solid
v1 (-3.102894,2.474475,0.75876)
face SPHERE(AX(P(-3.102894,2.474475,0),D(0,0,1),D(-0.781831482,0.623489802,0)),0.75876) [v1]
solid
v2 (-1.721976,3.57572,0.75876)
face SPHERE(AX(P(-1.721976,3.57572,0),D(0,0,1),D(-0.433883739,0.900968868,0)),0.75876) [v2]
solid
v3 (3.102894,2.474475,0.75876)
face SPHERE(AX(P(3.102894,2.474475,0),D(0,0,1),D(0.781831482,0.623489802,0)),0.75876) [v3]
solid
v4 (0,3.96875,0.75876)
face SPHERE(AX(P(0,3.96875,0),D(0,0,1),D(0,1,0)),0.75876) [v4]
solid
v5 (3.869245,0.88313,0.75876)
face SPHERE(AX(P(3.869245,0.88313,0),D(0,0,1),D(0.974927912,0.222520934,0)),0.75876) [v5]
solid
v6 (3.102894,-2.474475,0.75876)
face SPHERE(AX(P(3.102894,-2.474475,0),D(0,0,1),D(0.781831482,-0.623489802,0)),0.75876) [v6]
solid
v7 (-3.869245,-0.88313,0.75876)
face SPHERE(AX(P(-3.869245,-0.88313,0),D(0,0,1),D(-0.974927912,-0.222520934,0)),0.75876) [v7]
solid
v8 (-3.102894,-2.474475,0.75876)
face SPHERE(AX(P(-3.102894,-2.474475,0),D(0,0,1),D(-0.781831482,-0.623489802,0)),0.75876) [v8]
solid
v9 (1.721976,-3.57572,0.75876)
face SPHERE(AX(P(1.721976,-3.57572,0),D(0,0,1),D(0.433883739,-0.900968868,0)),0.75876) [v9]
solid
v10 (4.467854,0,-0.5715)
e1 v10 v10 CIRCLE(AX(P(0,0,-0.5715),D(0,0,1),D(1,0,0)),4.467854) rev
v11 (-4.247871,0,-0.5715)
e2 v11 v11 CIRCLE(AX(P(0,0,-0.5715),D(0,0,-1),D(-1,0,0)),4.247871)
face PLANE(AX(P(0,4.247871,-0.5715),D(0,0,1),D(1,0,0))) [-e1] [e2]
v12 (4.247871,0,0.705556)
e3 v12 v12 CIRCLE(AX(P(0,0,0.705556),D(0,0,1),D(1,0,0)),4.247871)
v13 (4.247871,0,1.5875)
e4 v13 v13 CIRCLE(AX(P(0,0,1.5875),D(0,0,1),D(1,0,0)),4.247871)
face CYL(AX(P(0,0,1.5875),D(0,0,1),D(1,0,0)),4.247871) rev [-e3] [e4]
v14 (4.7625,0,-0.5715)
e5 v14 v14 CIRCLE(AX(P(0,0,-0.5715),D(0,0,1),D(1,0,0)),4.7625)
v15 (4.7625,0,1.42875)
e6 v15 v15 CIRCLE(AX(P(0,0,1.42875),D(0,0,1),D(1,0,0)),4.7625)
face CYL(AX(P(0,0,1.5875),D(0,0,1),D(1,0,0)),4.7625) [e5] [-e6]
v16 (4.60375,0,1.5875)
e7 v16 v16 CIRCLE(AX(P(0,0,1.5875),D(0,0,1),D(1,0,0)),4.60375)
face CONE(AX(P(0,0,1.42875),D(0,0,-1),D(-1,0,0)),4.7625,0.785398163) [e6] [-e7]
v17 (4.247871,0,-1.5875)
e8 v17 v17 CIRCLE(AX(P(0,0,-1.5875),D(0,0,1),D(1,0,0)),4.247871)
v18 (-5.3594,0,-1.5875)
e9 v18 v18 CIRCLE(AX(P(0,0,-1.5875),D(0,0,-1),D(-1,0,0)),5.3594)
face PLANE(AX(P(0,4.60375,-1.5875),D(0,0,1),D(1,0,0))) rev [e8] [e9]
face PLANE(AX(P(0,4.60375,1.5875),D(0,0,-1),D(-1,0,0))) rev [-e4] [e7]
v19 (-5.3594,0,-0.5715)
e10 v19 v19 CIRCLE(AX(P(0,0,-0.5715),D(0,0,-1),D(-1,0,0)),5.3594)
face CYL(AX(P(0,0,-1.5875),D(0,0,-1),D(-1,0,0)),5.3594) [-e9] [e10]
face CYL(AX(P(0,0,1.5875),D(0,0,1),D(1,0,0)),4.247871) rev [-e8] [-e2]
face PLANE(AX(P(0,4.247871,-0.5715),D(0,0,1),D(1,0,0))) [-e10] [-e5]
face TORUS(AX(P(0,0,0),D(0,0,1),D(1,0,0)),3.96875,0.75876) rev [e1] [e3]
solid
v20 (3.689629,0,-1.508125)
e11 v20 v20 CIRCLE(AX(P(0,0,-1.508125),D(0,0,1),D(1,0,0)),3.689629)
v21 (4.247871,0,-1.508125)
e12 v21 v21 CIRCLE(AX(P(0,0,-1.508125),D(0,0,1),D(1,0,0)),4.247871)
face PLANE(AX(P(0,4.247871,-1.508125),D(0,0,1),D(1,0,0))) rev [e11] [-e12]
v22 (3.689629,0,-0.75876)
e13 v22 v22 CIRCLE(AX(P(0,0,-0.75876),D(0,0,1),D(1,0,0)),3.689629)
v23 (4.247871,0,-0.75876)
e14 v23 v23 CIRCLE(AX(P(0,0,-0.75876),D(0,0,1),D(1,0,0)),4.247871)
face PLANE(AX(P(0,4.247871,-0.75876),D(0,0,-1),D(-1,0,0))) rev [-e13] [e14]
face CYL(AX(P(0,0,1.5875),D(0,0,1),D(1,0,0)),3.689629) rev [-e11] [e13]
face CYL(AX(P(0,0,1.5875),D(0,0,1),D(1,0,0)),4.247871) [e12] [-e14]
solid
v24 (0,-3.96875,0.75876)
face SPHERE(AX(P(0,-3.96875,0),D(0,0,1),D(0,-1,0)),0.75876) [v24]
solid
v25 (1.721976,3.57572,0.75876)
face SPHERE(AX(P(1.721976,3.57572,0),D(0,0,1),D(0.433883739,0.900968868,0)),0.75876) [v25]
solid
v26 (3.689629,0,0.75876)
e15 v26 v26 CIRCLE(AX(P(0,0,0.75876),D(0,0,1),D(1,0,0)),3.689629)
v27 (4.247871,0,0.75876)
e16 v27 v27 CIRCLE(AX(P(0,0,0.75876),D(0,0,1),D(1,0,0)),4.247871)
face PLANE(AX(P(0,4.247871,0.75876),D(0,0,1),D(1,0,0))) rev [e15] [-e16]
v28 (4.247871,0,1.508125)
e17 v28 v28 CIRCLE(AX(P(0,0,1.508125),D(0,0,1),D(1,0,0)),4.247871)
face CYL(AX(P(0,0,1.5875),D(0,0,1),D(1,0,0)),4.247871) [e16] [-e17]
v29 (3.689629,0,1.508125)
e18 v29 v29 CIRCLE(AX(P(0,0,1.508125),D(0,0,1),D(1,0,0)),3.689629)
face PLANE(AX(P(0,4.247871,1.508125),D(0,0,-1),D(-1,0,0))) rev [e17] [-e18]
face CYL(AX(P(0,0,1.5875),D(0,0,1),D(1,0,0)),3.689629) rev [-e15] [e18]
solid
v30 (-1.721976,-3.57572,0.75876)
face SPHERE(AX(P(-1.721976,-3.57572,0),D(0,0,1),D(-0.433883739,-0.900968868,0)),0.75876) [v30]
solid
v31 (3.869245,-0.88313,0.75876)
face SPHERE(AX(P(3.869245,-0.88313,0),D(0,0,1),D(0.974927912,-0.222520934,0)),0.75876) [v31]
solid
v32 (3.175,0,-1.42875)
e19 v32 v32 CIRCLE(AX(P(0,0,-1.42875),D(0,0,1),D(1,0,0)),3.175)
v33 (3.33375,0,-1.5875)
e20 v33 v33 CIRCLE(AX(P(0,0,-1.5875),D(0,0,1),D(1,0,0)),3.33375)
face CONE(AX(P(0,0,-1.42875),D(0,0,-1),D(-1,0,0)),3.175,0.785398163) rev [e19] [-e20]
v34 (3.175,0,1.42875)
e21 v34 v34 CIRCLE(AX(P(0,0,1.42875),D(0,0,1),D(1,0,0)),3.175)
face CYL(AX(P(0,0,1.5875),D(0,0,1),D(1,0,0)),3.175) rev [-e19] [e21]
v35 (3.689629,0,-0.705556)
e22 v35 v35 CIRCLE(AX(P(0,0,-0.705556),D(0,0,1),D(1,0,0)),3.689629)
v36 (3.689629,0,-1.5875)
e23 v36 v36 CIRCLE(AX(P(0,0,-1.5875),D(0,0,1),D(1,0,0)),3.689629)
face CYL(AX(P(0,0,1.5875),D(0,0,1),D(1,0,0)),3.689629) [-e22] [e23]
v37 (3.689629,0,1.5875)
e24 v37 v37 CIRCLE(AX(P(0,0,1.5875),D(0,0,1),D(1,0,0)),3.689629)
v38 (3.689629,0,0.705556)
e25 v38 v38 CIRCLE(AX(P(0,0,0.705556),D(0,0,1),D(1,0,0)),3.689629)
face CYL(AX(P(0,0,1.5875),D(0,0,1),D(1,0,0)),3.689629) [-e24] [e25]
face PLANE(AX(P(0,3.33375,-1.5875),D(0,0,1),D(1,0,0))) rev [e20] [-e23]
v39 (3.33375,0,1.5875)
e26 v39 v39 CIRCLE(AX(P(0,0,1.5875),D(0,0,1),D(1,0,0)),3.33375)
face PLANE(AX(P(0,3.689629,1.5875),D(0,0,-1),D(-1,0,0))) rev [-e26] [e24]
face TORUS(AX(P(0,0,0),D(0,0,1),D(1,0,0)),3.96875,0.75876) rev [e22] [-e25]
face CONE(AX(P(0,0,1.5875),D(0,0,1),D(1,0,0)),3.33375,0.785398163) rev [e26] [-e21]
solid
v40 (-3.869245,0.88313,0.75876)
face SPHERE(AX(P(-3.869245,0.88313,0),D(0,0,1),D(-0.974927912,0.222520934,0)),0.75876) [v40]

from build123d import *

# Parameters (mm, degrees)
CIRPATTERN1_COUNT = 14
SKETCH5_W         = 0.749364756
SKETCH5_H         = 0.558241758
SKETCH6_W         = 1.016
SKETCH6_H         = 1.111529121


with BuildPart() as part:
    # Sketch → Revolve1 (revolve)
    with BuildSketch(Plane(origin=(0, 0, 0), x_dir=(0, 0, -1), z_dir=(1, 0, 0))):
        with BuildLine():
            Line((1.42875, 4.7625), (-1.42875, 4.7625))
            Line((-1.42875, 4.7625), (-1.5875, 4.60375))
            Line((-1.5875, 4.60375), (-1.5875, 4.247870879))
            Line((-1.5875, 4.247870879), (-0.705555556, 4.247870879))
            ThreePointArc((-0.705555556, 4.247870879), (0, 4.727510244), (0.705555556, 4.247870879))
            Line((0.705555556, 4.247870879), (1.5875, 4.247870879))
            Line((1.5875, 4.247870879), (1.5875, 4.60375))
            Line((1.5875, 4.60375), (1.42875, 4.7625))
        make_face()
    revolve(axis=Axis((0, 0, 1.5875), (0, 0, -1)))

    # Sketch6 → Revolve6 (revolve)
    with BuildSketch(Plane(origin=(0, 0, 0), x_dir=(0, 0, -1), z_dir=(1, 0, 0))):
        with Locations((1.0795, 4.80363544)):
            Rectangle(SKETCH6_W, SKETCH6_H)
    revolve(axis=Axis((0, 0, -1.5875), (0, 0, 1)))


with BuildPart() as body_2:
    # Sketch3 → Revolve3 (revolve)
    with BuildSketch(Plane(origin=(0, 0, 0), x_dir=(0, 0, -1), z_dir=(1, 0, 0))):
        with BuildLine():
            Line((-1.5875, 3.689629121), (-0.705555556, 3.689629121))
            ThreePointArc((-0.705555556, 3.689629121), (0, 3.209989756), (0.705555556, 3.689629121))
            Line((0.705555556, 3.689629121), (1.5875, 3.689629121))
            Line((1.5875, 3.689629121), (1.5875, 3.33375))
            Line((1.5875, 3.33375), (1.42875, 3.175))
            Line((1.42875, 3.175), (-1.42875, 3.175))
            Line((-1.42875, 3.175), (-1.5875, 3.33375))
            Line((-1.5875, 3.33375), (-1.5875, 3.689629121))
        make_face()
    revolve(axis=Axis((0, 0, 1.5875), (0, 0, -1)))


with BuildPart() as body_3:
    # Sketch4 → Revolve4 (revolve)
    with BuildSketch(Plane(origin=(0, 0, 0), x_dir=(0, 0, -1), z_dir=(1, 0, 0))):
        with BuildLine():
            Line((-0.758760244, 3.96875), (0.758760244, 3.96875))
            ThreePointArc((0.758760244, 3.96875), (0, 4.727510244), (-0.758760244, 3.96875))
        make_face()
    revolve(axis=Axis((0, 3.96875, 0.758760244), (0, 0, -1)))


with BuildPart() as cirpattern1_1:
    # CirPattern1: pattern copy
    add(body_3.part.rotate(Axis((0, 0, -1.5875), (0, 0, 1)), 1 * 360 / CIRPATTERN1_COUNT))


with BuildPart() as cirpattern1_2:
    # CirPattern1: pattern copy
    add(body_3.part.rotate(Axis((0, 0, -1.5875), (0, 0, 1)), 2 * 360 / CIRPATTERN1_COUNT))


with BuildPart() as cirpattern1_3:
    # CirPattern1: pattern copy
    add(body_3.part.rotate(Axis((0, 0, -1.5875), (0, 0, 1)), 3 * 360 / CIRPATTERN1_COUNT))


with BuildPart() as cirpattern1_4:
    # CirPattern1: pattern copy
    add(body_3.part.rotate(Axis((0, 0, -1.5875), (0, 0, 1)), 4 * 360 / CIRPATTERN1_COUNT))


with BuildPart() as cirpattern1_5:
    # CirPattern1: pattern copy
    add(body_3.part.rotate(Axis((0, 0, -1.5875), (0, 0, 1)), 5 * 360 / CIRPATTERN1_COUNT))


with BuildPart() as cirpattern1_6:
    # CirPattern1: pattern copy
    add(body_3.part.rotate(Axis((0, 0, -1.5875), (0, 0, 1)), 6 * 360 / CIRPATTERN1_COUNT))


with BuildPart() as cirpattern1_7:
    # CirPattern1: pattern copy
    add(body_3.part.rotate(Axis((0, 0, -1.5875), (0, 0, 1)), 7 * 360 / CIRPATTERN1_COUNT))


with BuildPart() as cirpattern1_8:
    # CirPattern1: pattern copy
    add(body_3.part.rotate(Axis((0, 0, -1.5875), (0, 0, 1)), 8 * 360 / CIRPATTERN1_COUNT))


with BuildPart() as cirpattern1_9:
    # CirPattern1: pattern copy
    add(body_3.part.rotate(Axis((0, 0, -1.5875), (0, 0, 1)), 9 * 360 / CIRPATTERN1_COUNT))


with BuildPart() as cirpattern1_10:
    # CirPattern1: pattern copy
    add(body_3.part.rotate(Axis((0, 0, -1.5875), (0, 0, 1)), 10 * 360 / CIRPATTERN1_COUNT))


with BuildPart() as cirpattern1_11:
    # CirPattern1: pattern copy
    add(body_3.part.rotate(Axis((0, 0, -1.5875), (0, 0, 1)), 11 * 360 / CIRPATTERN1_COUNT))


with BuildPart() as cirpattern1_12:
    # CirPattern1: pattern copy
    add(body_3.part.rotate(Axis((0, 0, -1.5875), (0, 0, 1)), 12 * 360 / CIRPATTERN1_COUNT))


with BuildPart() as cirpattern1_13:
    # CirPattern1: pattern copy
    add(body_3.part.rotate(Axis((0, 0, -1.5875), (0, 0, 1)), 13 * 360 / CIRPATTERN1_COUNT))


with BuildPart() as body_17:
    # Sketch5 → Revolve5 (revolve)
    with BuildSketch(Plane(origin=(0, 0, 0), x_dir=(0, 0, -1), z_dir=(1, 0, 0))):
        with Locations((-1.133442622, 3.96875)):
            Rectangle(SKETCH5_W, SKETCH5_H)
        with Locations((1.133442622, 3.96875)):
            Rectangle(SKETCH5_W, SKETCH5_H)
    revolve(axis=Axis((0, 0, 1.5875), (0, 0, -1)))


solid = Compound([part.part, body_2.part, body_3.part, cirpattern1_1.part, cirpattern1_2.part, cirpattern1_3.part, cirpattern1_4.part, cirpattern1_5.part, cirpattern1_6.part, cirpattern1_7.part, cirpattern1_8.part, cirpattern1_9.part, cirpattern1_10.part, cirpattern1_11.part, cirpattern1_12.part, cirpattern1_13.part, body_17.part])
